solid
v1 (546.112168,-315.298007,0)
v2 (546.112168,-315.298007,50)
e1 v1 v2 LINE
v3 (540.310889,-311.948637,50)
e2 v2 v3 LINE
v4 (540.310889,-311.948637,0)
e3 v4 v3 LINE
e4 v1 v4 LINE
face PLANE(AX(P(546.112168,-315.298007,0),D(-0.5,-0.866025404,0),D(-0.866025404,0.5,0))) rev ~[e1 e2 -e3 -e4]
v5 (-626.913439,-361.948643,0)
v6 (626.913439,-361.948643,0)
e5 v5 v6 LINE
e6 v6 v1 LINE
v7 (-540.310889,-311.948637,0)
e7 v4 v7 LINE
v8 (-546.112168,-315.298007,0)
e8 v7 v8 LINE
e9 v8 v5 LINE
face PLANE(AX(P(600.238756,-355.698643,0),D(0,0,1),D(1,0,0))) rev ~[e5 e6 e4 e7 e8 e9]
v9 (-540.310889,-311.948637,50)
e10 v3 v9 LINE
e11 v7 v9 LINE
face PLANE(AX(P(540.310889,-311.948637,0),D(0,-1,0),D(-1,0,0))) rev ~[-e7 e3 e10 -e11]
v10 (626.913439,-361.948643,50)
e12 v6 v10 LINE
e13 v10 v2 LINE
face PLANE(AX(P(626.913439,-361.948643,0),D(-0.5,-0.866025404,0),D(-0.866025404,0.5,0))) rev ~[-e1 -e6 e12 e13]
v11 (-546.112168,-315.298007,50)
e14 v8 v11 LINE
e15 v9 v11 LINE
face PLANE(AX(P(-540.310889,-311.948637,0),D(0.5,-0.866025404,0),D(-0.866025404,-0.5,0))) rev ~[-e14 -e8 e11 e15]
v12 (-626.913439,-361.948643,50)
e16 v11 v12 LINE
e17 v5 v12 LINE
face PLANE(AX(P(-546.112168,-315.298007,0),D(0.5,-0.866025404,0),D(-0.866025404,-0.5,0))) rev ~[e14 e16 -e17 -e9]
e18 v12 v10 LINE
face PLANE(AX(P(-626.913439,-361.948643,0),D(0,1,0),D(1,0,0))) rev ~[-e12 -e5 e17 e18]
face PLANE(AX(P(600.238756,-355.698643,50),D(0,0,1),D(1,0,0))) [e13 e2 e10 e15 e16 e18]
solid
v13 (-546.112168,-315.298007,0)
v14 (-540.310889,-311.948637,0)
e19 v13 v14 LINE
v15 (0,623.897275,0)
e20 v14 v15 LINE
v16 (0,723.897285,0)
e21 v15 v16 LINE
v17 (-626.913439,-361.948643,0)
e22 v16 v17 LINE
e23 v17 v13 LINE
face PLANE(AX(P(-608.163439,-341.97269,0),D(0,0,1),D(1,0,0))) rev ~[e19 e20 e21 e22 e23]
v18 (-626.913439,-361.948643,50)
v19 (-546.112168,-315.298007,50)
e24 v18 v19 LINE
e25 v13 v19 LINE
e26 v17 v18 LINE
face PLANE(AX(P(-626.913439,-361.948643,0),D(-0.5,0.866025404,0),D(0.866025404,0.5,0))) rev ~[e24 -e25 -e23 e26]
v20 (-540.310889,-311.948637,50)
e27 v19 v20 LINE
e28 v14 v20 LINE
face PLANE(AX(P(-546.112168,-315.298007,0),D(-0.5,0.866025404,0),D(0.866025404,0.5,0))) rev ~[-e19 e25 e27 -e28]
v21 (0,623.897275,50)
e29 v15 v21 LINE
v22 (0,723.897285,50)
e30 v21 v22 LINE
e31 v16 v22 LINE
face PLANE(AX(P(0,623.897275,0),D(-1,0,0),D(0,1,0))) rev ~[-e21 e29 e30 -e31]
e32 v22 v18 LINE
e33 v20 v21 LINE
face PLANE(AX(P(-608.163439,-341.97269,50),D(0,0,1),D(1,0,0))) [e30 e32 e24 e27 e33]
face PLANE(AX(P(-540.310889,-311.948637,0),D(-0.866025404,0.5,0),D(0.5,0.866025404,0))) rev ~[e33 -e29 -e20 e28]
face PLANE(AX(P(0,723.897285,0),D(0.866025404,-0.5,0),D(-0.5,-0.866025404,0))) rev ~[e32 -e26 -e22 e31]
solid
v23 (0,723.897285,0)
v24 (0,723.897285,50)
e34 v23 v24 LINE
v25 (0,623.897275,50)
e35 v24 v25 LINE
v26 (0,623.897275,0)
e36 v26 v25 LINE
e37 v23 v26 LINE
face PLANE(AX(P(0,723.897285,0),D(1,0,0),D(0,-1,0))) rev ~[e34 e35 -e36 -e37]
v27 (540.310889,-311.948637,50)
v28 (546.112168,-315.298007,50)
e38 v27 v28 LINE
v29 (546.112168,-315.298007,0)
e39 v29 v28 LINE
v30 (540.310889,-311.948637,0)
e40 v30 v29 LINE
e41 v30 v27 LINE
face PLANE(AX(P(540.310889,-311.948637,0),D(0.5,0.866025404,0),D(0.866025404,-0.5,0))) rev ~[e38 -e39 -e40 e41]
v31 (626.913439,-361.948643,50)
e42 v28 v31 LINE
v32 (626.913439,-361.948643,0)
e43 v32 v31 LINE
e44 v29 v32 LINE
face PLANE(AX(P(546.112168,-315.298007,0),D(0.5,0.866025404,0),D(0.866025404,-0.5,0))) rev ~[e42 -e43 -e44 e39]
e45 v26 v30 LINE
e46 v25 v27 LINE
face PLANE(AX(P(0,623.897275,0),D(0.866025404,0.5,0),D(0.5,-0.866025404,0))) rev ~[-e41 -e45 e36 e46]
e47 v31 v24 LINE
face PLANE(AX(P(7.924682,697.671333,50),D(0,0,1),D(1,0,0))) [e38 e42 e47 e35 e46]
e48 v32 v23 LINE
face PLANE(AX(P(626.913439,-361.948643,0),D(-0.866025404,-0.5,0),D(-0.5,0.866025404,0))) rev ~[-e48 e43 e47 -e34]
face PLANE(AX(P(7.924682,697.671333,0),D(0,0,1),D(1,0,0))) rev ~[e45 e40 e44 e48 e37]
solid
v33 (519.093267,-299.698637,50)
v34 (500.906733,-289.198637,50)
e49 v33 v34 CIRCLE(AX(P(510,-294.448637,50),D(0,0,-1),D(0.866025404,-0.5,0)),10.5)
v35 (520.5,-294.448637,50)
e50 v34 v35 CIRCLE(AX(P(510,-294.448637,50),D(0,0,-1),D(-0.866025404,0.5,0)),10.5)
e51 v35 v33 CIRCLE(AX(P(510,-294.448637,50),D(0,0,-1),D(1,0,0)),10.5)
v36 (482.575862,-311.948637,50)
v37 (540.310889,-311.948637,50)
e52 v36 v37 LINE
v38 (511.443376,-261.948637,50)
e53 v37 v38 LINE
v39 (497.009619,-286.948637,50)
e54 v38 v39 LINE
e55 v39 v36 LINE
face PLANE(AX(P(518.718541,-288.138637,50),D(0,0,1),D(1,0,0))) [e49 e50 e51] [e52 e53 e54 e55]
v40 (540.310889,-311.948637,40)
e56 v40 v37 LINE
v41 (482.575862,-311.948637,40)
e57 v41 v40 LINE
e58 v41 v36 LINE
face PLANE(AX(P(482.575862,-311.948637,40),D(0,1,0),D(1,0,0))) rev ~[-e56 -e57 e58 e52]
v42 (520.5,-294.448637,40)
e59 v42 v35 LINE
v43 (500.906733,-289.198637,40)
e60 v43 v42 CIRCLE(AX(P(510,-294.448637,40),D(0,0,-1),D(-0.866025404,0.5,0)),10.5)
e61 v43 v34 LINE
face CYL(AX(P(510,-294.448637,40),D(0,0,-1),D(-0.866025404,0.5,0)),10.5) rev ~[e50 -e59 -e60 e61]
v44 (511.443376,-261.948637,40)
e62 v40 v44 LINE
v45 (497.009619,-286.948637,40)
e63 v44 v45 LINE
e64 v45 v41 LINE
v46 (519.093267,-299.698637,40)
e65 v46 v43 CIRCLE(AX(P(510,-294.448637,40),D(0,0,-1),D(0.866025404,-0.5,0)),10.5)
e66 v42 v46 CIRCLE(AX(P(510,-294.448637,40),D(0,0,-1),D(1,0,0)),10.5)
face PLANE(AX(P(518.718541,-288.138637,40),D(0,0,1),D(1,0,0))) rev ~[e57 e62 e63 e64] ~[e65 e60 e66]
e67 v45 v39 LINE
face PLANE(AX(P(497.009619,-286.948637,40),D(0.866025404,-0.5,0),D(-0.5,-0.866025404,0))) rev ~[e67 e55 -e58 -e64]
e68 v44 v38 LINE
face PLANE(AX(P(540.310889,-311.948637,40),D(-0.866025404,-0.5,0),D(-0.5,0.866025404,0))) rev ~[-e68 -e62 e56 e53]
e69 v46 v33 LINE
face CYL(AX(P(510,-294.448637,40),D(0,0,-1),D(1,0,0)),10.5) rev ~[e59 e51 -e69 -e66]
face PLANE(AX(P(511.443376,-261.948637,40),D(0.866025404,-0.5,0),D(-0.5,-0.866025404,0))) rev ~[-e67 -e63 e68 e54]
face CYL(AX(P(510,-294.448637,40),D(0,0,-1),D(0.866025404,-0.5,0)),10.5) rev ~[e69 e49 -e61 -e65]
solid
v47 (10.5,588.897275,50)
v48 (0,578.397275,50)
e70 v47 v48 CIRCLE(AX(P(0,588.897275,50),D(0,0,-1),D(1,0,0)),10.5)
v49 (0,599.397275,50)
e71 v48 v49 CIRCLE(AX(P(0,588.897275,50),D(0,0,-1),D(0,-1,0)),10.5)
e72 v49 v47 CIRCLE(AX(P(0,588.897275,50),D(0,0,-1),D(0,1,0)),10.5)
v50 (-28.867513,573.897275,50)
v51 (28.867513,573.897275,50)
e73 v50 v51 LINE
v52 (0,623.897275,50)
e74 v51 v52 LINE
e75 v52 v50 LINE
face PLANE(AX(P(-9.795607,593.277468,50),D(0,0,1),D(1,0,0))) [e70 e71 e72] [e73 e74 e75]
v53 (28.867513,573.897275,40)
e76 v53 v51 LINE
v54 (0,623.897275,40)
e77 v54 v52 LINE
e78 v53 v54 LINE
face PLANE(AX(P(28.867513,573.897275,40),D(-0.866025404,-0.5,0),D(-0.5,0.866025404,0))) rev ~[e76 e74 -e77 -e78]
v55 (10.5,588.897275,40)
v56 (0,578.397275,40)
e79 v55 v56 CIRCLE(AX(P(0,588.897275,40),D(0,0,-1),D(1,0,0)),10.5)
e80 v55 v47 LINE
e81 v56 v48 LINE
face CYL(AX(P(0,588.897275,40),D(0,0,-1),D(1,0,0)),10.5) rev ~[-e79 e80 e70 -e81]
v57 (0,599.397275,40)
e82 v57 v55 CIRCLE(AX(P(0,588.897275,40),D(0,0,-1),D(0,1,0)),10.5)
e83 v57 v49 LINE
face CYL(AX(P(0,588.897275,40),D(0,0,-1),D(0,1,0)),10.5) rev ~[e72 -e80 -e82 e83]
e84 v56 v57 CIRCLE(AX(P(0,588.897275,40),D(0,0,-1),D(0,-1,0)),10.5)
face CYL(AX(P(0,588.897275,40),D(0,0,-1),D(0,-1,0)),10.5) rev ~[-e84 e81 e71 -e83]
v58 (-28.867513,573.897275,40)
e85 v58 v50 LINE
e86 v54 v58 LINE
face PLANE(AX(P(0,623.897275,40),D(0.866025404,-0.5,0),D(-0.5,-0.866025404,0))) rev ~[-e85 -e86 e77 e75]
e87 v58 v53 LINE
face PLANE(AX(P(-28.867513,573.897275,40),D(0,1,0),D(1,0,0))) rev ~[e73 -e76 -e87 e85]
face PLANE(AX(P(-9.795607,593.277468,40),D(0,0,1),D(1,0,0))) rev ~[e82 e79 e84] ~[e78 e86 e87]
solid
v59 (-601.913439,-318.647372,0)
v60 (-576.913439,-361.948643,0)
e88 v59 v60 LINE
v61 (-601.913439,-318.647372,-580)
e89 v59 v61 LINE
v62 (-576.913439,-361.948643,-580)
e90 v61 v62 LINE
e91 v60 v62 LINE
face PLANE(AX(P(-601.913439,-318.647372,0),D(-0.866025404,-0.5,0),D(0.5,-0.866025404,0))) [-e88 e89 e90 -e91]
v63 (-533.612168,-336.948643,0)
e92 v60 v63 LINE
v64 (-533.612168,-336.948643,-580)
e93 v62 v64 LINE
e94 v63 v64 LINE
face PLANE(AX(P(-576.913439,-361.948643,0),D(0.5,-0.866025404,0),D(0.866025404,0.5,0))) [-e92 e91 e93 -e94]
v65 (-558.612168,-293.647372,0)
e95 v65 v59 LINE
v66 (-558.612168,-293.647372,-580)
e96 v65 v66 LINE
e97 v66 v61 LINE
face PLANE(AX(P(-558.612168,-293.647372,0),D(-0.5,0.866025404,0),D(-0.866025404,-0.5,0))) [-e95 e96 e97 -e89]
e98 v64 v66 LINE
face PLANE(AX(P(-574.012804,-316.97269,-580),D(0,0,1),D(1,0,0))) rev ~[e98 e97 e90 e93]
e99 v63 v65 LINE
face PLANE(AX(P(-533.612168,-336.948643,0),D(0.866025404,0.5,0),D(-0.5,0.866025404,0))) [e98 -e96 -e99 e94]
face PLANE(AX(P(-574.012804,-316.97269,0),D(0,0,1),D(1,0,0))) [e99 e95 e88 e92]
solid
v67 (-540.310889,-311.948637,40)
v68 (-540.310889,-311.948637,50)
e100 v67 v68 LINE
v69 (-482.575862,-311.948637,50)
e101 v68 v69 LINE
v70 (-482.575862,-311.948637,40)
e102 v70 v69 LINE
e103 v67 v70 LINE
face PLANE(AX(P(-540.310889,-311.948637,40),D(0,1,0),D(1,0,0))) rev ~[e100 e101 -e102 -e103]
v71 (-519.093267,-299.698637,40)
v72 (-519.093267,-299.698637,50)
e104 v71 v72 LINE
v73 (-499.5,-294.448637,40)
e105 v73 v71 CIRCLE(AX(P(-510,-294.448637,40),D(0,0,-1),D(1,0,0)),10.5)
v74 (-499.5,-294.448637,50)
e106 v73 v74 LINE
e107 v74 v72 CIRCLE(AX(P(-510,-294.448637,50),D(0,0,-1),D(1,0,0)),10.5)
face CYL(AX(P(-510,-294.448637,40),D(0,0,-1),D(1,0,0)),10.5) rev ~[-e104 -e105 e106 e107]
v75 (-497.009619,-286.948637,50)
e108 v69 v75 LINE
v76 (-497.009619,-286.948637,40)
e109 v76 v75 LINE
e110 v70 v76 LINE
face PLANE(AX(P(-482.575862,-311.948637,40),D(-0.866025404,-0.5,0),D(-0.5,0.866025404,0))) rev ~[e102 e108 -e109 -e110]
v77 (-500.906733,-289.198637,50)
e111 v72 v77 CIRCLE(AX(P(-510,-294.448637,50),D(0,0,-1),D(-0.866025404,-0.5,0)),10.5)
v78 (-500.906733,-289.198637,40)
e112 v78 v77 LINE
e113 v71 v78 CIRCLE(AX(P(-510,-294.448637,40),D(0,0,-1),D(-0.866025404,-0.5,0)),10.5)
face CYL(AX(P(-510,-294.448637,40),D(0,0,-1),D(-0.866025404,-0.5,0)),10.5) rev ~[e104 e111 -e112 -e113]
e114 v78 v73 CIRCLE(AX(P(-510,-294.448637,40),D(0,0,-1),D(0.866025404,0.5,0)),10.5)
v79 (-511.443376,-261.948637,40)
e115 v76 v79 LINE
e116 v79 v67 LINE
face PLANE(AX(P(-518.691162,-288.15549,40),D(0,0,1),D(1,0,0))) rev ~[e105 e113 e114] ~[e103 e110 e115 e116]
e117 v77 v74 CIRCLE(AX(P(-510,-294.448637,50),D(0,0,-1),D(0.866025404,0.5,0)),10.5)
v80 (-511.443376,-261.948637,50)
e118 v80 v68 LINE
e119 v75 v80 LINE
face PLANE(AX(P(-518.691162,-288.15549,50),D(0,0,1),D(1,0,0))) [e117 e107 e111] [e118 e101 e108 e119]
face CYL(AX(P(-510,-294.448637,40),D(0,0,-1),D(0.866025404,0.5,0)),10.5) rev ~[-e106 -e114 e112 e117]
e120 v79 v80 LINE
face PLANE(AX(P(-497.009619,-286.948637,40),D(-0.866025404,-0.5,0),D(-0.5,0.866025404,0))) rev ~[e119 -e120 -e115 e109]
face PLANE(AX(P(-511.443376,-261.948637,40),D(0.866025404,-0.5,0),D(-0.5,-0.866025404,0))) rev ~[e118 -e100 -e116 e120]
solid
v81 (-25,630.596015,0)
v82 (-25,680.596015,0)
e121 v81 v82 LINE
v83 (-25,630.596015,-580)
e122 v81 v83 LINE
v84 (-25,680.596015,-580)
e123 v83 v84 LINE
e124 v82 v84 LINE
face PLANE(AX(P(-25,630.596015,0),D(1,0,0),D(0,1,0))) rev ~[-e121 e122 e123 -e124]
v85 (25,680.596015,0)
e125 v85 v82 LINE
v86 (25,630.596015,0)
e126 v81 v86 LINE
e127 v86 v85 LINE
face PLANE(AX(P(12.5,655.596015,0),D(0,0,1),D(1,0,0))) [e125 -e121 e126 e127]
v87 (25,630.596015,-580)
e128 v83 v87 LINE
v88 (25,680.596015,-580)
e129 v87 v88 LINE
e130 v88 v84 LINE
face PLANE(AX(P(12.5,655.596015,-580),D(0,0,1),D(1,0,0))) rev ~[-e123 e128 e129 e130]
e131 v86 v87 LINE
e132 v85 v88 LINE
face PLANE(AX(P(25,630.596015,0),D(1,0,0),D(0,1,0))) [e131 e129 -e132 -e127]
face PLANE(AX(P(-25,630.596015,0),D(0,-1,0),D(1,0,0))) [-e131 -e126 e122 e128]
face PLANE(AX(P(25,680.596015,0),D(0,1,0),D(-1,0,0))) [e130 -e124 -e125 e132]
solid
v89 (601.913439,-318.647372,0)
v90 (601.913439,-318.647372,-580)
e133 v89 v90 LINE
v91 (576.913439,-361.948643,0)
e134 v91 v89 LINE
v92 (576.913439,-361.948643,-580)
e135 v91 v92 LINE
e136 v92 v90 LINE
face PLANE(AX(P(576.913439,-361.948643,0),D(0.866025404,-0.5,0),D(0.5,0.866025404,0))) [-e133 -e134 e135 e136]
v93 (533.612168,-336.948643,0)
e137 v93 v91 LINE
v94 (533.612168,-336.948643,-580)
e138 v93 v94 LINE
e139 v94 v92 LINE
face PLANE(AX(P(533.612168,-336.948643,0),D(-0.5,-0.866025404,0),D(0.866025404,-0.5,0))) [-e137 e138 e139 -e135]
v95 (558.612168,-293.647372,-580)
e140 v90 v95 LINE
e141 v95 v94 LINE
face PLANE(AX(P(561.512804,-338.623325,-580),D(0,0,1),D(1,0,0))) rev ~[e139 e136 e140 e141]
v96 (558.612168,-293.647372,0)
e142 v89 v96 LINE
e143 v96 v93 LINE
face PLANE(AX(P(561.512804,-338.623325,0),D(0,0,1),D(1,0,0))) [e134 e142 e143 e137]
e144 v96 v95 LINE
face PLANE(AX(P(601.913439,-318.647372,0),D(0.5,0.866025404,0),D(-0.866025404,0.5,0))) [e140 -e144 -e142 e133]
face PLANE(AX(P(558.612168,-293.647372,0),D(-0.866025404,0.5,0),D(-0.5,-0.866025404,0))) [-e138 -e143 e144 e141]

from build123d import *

# Parameters (mm, degrees)
F0_W     = 25
F0_H     = 50
F1_DEPTH = 50
F2_DEPTH = 50
F3_DEPTH = 50
F4_START = 40
F4_DEPTH = 10
F5_START = 40
F5_DEPTH = 10
F6_START = 40
F6_DEPTH = 10
F7_DEPTH = 580
F8_DEPTH = 580
F9_DEPTH = 580


with BuildPart() as f1:
    # F0 (on Top) → F1 (new body)
    with BuildSketch(Plane.XY):
        Polygon((-589.413438675, -340.298007483), (-601.913438675, -318.6473723884), (-626.913438675, -361.9486425776), align=None)
        Polygon((-28.8675134595, 573.8972745734), (0, 623.8972745734), (0, 630.5960149659), (-25, 630.5960149659), (-25, 680.5960149659), (-601.913438675, -318.6473723884), (-558.6121684857, -293.6473723884), (-546.1121684857, -315.298007483), (-540.3108891325, -311.9486372867), (-511.443375673, -261.9486372867), align=None)
        Polygon((-25, 680.5960149659), (0, 680.5960149659), (0, 723.8972851552), align=None)
        with Locations((-12.5, 655.5960149659)):
            Rectangle(F0_W, F0_H)
        Polygon((-589.413438675, -340.298007483), (-546.1121684857, -315.298007483), (-558.6121684857, -293.6473723884), (-601.913438675, -318.6473723884), align=None)
    extrude(amount=F1_DEPTH)


with BuildPart() as f2:
    # F0 (on Top) → F2 (new body)
    with BuildSketch(Plane.XY):
        Polygon((0, 723.8972851552), (0, 680.5960149659), (25, 680.5960149659), align=None)
        Polygon((0, 630.5960149659), (0, 623.8972745734), (28.8675134595, 573.8972745734), (511.443375673, -261.9486372867), (540.3108891325, -311.9486372867), (546.1121684857, -315.298007483), (558.6121684857, -293.6473723884), (601.913438675, -318.6473723884), (25, 680.5960149659), (25, 630.5960149659), align=None)
        Polygon((626.913438675, -361.9486425776), (601.913438675, -318.6473723884), (589.413438675, -340.298007483), align=None)
        Polygon((558.6121684857, -293.6473723884), (546.1121684857, -315.298007483), (589.413438675, -340.298007483), (601.913438675, -318.6473723884), align=None)
        with Locations((12.5, 655.5960149659)):
            Rectangle(F0_W, F0_H)
    extrude(amount=F2_DEPTH)


with BuildPart() as f3:
    # F0 (on Top) → F3 (new body)
    with BuildSketch(Plane.XY):
        Polygon((626.913438675, -361.9486425776), (589.413438675, -340.298007483), (576.913438675, -361.9486425776), align=None)
        Polygon((546.1121684857, -315.298007483), (540.3108891325, -311.9486372867), (482.5758622135, -311.9486372867), (-482.5758622135, -311.9486372867), (-540.3108891325, -311.9486372867), (-546.1121684857, -315.298007483), (-533.6121684857, -336.9486425776), (-576.913438675, -361.9486425776), (576.913438675, -361.9486425776), (533.6121684857, -336.9486425776), align=None)
        Polygon((-576.913438675, -361.9486425776), (-589.413438675, -340.298007483), (-626.913438675, -361.9486425776), align=None)
        Polygon((589.413438675, -340.298007483), (546.1121684857, -315.298007483), (533.6121684857, -336.9486425776), (576.913438675, -361.9486425776), align=None)
        Polygon((-533.6121684857, -336.9486425776), (-546.1121684857, -315.298007483), (-589.413438675, -340.298007483), (-576.913438675, -361.9486425776), align=None)
    extrude(amount=F3_DEPTH)


with BuildPart() as f4:
    # F0 (on Top) → F4 (new body)
    with BuildSketch(Plane.XY.offset(F4_START)):
        with BuildLine():
            Line((0, 599.3972745734), (0, 623.8972745734))
            Line((0, 623.8972745734), (-28.8675134595, 573.8972745734))
            Line((-28.8675134595, 573.8972745734), (0, 573.8972745734))
            Line((0, 573.8972745734), (0, 578.3972745734))
            ThreePointArc((0, 578.3972745734), (-10.5, 588.8972745734), (0, 599.3972745734))
        make_face()
        with BuildLine():
            Line((28.8675134595, 573.8972745734), (0, 623.8972745734))
            Line((0, 623.8972745734), (0, 599.3972745734))
            ThreePointArc((0, 599.3972745734), (7.4246212025, 596.3218957759), (10.5, 588.8972745734))
            ThreePointArc((10.5, 588.8972745734), (7.4246212025, 581.472653371), (0, 578.3972745734))
            Line((0, 578.3972745734), (0, 573.8972745734))
            Line((0, 573.8972745734), (28.8675134595, 573.8972745734))
        make_face()
    extrude(amount=F4_DEPTH)


with BuildPart() as f5:
    # F0 (on Top) → F5 (new body)
    with BuildSketch(Plane.XY.offset(F5_START)):
        with BuildLine():
            Line((540.3108891325, -311.9486372867), (511.443375673, -261.9486372867))
            Line((511.443375673, -261.9486372867), (497.0096189432, -286.9486372867))
            Line((497.0096189432, -286.9486372867), (500.9067332603, -289.1986372867))
            ThreePointArc((500.9067332603, -289.1986372867), (512.7175999736, -284.3064161107), (520.5, -294.4486372867))
            ThreePointArc((520.5, -294.4486372867), (520.142221176, -297.1662372603), (519.0932667397, -299.6986372867))
            Line((519.0932667397, -299.6986372867), (540.3108891325, -311.9486372867))
        make_face()
        with BuildLine():
            Line((482.5758622135, -311.9486372867), (540.3108891325, -311.9486372867))
            Line((540.3108891325, -311.9486372867), (519.0932667397, -299.6986372867))
            ThreePointArc((519.0932667397, -299.6986372867), (504.75, -303.5419040264), (500.9067332603, -289.1986372867))
            Line((500.9067332603, -289.1986372867), (497.0096189432, -286.9486372867))
            Line((497.0096189432, -286.9486372867), (482.5758622135, -311.9486372867))
        make_face()
    extrude(amount=F5_DEPTH)


with BuildPart() as f6:
    # F0 (on Top) → F6 (new body)
    with BuildSketch(Plane.XY.offset(F6_START)):
        with BuildLine():
            Line((-497.0096189432, -286.9486372867), (-511.443375673, -261.9486372867))
            Line((-511.443375673, -261.9486372867), (-540.3108891325, -311.9486372867))
            Line((-540.3108891325, -311.9486372867), (-519.0932667397, -299.6986372867))
            ThreePointArc((-519.0932667397, -299.6986372867), (-515.25, -285.355370547), (-500.9067332603, -289.1986372867))
            Line((-500.9067332603, -289.1986372867), (-497.0096189432, -286.9486372867))
        make_face()
        with BuildLine():
            Line((-519.0932667397, -299.6986372867), (-540.3108891325, -311.9486372867))
            Line((-540.3108891325, -311.9486372867), (-482.5758622135, -311.9486372867))
            Line((-482.5758622135, -311.9486372867), (-497.0096189432, -286.9486372867))
            Line((-497.0096189432, -286.9486372867), (-500.9067332603, -289.1986372867))
            ThreePointArc((-500.9067332603, -289.1986372867), (-499.857778824, -291.7310373131), (-499.5, -294.4486372867))
            ThreePointArc((-499.5, -294.4486372867), (-507.2824000264, -304.5908584627), (-519.0932667397, -299.6986372867))
        make_face()
    extrude(amount=F6_DEPTH)


with BuildPart() as f7:
    # F0 (on Top) → F7 (new body)
    with BuildSketch(Plane.XY):
        Polygon((-589.413438675, -340.298007483), (-546.1121684857, -315.298007483), (-558.6121684857, -293.6473723884), (-601.913438675, -318.6473723884), align=None)
        Polygon((-533.6121684857, -336.9486425776), (-546.1121684857, -315.298007483), (-589.413438675, -340.298007483), (-576.913438675, -361.9486425776), align=None)
    extrude(amount=-F7_DEPTH)


with BuildPart() as f8:
    # F0 (on Top) → F8 (new body)
    with BuildSketch(Plane.XY):
        Polygon((589.413438675, -340.298007483), (546.1121684857, -315.298007483), (533.6121684857, -336.9486425776), (576.913438675, -361.9486425776), align=None)
        Polygon((558.6121684857, -293.6473723884), (546.1121684857, -315.298007483), (589.413438675, -340.298007483), (601.913438675, -318.6473723884), align=None)
    extrude(amount=-F8_DEPTH)


with BuildPart() as f9:
    # F0 (on Top) → F9 (new body)
    with BuildSketch(Plane.XY):
        with Locations((12.5, 655.5960149659)):
            Rectangle(F0_W, F0_H)
        with Locations((-12.5, 655.5960149659)):
            Rectangle(F0_W, F0_H)
    extrude(amount=-F9_DEPTH)


solid = Compound([f1.part, f2.part, f3.part, f4.part, f5.part, f6.part, f7.part, f8.part, f9.part])
